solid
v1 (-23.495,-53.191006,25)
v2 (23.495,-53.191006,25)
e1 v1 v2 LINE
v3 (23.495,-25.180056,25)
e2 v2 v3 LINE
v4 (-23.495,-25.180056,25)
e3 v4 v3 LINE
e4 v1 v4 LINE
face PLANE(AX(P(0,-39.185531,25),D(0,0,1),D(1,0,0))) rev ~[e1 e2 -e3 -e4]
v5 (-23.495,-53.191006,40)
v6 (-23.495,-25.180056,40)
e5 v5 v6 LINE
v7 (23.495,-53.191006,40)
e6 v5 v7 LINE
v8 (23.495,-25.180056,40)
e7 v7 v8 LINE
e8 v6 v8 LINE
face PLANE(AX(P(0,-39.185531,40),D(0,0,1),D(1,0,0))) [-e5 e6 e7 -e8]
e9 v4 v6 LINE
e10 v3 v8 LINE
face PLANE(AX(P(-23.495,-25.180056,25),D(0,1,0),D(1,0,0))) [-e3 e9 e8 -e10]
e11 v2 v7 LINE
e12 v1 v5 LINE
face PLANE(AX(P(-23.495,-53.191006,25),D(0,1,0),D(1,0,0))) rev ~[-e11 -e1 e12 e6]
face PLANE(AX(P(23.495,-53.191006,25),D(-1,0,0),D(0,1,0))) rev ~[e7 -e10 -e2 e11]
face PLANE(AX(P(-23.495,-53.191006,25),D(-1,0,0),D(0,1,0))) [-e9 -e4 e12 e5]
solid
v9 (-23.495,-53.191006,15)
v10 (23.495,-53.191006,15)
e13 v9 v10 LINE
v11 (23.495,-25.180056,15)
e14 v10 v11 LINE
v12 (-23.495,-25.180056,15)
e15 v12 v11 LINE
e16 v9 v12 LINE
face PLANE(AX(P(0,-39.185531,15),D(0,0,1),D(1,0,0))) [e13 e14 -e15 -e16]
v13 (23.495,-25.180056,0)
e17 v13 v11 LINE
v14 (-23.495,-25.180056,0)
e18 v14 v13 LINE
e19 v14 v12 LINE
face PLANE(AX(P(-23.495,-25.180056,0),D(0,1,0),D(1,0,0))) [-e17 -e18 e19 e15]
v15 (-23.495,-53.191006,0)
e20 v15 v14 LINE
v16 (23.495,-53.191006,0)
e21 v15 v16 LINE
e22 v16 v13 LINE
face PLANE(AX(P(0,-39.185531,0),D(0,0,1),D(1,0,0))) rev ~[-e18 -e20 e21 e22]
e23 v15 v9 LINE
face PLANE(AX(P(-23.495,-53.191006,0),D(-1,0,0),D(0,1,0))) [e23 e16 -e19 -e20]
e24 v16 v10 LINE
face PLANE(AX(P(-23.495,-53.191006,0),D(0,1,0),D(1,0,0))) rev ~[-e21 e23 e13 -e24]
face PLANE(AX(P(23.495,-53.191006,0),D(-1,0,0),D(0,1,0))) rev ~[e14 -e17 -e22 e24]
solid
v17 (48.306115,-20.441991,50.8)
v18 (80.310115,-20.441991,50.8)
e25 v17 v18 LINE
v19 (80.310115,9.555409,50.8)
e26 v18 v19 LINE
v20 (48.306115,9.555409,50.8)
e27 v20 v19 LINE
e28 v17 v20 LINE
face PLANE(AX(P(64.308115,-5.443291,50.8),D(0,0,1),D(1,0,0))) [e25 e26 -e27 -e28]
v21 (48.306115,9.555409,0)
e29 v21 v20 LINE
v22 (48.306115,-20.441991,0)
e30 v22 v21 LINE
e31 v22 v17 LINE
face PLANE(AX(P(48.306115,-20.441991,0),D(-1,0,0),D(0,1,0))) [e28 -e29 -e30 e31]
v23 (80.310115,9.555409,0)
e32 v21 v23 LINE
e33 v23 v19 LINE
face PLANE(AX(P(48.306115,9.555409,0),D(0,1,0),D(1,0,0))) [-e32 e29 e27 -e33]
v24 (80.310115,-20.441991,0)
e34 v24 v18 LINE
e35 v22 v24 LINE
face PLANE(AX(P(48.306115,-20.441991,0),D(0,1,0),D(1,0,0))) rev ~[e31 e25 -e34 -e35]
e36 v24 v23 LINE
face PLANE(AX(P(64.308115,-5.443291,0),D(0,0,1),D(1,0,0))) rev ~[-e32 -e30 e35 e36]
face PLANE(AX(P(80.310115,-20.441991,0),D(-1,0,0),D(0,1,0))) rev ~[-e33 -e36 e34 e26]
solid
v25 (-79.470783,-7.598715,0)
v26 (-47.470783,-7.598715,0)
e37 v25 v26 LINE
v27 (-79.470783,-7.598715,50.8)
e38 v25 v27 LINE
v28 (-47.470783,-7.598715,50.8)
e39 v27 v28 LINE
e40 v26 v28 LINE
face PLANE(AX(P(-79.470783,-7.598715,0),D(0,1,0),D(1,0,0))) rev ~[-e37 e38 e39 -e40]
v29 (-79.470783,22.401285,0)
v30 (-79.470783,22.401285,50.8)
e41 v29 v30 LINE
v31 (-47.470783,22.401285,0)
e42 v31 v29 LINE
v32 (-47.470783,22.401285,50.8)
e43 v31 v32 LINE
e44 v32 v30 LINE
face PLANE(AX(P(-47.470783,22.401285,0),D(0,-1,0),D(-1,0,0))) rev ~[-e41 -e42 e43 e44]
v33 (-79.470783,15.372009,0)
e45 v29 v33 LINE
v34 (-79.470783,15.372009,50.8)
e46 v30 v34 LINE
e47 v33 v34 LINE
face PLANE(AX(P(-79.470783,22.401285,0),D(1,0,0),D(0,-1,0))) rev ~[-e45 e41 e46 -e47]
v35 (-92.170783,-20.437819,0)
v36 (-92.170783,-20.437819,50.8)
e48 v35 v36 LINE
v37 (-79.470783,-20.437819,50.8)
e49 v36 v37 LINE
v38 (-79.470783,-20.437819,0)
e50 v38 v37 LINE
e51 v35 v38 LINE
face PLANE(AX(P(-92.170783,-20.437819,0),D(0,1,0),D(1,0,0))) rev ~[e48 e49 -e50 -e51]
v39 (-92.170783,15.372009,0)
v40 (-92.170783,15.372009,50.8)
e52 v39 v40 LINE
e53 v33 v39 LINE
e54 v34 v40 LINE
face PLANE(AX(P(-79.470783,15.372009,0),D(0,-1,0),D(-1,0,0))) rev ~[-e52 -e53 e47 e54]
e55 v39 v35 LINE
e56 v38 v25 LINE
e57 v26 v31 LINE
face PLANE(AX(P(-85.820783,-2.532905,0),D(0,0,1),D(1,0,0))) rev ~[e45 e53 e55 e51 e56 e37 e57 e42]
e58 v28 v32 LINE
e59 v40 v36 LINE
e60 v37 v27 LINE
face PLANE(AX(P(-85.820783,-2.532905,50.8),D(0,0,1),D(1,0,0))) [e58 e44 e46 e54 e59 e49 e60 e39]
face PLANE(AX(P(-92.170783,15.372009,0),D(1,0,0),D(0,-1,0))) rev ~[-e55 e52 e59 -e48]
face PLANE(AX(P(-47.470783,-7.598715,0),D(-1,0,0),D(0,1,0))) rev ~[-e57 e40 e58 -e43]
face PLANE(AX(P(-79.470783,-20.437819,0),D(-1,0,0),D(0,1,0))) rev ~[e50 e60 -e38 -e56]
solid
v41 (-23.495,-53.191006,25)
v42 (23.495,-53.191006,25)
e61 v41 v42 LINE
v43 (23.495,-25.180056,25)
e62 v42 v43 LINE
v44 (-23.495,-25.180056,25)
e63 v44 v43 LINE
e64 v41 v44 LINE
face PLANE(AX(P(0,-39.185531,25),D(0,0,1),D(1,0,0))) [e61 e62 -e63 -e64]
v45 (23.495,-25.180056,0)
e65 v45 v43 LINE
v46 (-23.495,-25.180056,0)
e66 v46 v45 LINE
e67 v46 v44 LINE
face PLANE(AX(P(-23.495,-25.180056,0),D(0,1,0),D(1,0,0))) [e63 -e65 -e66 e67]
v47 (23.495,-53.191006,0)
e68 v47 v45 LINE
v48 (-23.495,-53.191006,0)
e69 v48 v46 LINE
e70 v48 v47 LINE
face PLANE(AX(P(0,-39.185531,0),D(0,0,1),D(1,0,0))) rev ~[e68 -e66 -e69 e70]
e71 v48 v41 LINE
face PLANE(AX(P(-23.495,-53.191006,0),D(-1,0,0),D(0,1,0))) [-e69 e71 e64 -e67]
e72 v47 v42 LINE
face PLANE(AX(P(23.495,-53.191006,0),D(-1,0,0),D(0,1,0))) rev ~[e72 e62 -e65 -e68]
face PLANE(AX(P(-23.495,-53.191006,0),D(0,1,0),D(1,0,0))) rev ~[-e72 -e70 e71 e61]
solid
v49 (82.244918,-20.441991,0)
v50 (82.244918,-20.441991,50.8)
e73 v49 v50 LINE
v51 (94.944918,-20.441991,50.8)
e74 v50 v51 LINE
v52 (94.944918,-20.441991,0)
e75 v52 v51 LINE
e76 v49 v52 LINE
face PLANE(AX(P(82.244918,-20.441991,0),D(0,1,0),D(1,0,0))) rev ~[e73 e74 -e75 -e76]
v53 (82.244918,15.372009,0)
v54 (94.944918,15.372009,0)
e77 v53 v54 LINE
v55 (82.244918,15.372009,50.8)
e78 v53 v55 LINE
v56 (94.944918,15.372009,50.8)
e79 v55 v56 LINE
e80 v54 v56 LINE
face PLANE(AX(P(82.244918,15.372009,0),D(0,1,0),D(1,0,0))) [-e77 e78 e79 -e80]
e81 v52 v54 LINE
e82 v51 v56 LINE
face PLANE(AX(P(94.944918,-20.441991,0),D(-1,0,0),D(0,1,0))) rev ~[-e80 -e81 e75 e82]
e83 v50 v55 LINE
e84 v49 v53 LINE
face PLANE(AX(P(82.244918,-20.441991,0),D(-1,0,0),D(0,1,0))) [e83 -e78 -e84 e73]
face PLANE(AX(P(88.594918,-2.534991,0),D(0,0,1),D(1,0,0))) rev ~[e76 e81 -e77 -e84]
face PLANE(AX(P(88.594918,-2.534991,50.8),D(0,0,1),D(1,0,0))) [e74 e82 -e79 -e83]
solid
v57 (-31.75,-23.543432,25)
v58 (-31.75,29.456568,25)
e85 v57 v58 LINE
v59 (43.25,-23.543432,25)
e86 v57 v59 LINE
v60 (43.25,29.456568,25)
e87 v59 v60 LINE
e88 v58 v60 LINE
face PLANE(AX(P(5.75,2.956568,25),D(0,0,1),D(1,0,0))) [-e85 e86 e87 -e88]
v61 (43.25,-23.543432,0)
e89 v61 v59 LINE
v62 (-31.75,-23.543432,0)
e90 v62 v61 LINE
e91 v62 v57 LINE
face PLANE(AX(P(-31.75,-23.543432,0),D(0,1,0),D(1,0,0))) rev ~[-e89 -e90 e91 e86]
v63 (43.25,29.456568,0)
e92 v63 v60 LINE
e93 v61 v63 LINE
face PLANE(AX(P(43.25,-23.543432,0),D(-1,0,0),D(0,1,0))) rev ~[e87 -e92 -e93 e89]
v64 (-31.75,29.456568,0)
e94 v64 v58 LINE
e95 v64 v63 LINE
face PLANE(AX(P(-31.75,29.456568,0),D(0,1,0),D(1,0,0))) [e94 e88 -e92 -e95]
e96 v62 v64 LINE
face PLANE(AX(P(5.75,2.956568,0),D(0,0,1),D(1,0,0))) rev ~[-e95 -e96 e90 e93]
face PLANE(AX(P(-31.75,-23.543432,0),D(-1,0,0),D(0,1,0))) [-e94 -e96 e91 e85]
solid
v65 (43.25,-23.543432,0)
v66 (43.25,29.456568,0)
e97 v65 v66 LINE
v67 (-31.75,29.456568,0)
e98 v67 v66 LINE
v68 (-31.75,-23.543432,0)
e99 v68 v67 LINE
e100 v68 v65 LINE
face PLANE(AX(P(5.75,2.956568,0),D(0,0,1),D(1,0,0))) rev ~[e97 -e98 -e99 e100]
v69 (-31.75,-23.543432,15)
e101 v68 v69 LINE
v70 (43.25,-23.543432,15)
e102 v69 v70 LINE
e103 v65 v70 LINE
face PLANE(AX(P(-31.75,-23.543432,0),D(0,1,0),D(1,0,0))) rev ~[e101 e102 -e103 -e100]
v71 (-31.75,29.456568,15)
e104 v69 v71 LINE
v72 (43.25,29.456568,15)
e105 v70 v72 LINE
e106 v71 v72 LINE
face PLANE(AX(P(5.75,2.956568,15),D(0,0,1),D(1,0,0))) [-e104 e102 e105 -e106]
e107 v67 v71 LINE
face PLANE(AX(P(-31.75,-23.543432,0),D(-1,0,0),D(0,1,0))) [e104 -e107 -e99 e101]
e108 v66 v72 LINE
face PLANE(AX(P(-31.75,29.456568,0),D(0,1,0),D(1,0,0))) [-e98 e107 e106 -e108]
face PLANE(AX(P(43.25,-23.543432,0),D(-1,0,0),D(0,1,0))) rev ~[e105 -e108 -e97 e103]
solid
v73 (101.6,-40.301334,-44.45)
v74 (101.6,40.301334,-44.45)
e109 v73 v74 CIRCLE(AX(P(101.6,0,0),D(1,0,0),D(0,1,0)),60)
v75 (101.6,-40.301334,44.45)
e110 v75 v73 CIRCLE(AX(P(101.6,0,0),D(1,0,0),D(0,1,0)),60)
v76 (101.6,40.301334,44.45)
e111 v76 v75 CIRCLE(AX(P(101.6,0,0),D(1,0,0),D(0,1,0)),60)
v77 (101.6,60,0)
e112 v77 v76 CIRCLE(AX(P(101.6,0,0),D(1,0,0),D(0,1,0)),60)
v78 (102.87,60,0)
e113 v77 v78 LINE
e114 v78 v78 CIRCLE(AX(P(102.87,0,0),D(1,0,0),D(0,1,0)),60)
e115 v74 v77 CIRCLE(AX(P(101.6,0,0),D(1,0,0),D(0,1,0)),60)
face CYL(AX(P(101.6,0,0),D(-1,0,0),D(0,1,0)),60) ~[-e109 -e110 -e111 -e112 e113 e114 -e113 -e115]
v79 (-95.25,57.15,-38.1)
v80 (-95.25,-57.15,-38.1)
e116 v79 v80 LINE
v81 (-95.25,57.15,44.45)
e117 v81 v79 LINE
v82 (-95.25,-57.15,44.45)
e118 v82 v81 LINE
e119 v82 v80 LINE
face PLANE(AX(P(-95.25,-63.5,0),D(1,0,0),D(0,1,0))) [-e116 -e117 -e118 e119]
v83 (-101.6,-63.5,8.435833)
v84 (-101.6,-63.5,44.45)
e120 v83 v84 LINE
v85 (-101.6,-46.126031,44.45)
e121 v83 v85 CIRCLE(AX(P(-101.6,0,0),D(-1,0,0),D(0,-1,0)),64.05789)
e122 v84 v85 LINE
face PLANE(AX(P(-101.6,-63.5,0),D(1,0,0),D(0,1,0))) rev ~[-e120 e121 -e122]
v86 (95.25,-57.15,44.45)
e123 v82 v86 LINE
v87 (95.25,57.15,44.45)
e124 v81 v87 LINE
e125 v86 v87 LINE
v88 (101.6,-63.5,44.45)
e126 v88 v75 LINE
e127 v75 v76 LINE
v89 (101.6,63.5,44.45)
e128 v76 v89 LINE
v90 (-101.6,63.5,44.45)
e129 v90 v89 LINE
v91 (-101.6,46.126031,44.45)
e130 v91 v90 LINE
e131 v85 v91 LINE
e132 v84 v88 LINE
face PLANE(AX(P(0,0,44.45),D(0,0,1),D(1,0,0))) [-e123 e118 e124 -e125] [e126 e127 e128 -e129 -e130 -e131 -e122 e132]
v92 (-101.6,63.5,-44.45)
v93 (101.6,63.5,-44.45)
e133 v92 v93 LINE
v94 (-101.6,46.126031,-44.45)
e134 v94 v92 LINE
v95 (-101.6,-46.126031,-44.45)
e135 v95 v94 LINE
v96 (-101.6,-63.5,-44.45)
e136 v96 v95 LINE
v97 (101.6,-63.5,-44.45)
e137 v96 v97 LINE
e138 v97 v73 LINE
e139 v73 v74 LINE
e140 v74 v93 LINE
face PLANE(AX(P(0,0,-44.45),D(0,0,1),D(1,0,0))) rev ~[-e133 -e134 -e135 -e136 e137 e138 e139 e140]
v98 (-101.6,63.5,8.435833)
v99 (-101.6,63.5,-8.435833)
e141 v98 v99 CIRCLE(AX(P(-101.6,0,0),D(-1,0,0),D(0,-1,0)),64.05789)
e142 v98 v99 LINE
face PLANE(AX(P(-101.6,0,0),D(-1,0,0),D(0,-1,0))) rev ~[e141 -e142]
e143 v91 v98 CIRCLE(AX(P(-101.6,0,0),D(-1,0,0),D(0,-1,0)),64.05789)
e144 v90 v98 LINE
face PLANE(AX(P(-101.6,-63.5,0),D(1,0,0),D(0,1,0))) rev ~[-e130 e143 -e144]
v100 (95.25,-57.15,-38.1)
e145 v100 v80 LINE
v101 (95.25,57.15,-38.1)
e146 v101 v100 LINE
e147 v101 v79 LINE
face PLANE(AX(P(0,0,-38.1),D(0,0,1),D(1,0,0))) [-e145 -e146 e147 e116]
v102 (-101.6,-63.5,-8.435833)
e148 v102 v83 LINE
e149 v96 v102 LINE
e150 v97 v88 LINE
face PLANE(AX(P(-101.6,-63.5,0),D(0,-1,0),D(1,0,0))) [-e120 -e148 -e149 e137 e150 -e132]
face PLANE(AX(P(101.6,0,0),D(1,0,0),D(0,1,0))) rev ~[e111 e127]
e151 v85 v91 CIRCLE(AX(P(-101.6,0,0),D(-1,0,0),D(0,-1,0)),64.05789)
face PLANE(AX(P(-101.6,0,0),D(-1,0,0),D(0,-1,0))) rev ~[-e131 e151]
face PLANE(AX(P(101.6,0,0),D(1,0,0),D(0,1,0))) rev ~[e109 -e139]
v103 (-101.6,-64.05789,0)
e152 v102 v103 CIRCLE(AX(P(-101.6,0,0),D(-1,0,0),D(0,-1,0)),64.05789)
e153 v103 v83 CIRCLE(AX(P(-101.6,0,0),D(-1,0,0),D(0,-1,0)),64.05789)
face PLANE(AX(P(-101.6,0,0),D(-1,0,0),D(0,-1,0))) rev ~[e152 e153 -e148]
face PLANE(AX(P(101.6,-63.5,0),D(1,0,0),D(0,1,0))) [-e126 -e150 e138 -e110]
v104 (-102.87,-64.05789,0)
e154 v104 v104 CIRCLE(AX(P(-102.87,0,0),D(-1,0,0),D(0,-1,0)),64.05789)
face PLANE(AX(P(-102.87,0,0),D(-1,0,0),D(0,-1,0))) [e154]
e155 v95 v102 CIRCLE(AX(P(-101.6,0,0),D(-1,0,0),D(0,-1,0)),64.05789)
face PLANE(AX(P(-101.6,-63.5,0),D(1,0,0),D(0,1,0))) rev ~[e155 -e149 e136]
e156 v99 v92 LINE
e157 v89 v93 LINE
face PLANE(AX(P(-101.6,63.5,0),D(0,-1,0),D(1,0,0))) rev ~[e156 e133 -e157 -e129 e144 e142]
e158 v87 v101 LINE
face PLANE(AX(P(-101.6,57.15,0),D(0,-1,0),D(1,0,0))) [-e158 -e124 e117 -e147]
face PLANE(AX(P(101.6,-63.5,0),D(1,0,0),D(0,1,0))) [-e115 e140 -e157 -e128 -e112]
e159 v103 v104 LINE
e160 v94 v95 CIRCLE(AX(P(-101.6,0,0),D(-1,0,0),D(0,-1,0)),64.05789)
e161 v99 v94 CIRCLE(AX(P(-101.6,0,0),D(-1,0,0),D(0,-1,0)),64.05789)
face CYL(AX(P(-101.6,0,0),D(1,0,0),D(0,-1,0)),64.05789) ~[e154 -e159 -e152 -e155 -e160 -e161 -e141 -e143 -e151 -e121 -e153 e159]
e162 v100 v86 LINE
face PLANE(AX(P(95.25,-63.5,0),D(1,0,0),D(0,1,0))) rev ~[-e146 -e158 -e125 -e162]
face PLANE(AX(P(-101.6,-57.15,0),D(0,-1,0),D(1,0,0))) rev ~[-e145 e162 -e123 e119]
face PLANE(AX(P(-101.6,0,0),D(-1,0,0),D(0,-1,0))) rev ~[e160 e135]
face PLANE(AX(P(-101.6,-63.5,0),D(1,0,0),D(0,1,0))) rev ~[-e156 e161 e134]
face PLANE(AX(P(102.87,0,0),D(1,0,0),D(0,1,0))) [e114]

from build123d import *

# Parameters (mm, degrees)
F0_W      = 203.2
F0_H      = 127
F1_DEPTH  = 44.45
F2_T      = -6.35
F3_W      = 75
F3_H      = 53
F3_W_2    = 46.99
F3_H_2    = 28.010949
F4_DEPTH  = 25
F6_R      = 60
F7_DEPTH  = 1.27
F9_R      = 64.05789
F10_DEPTH = 1.27
F4_FACE_W = 46.99
F4_FACE_H = 28.01095
F11_DEPTH = 15
F12_W     = 12.7
F12_H     = 35.814
F12_W_2   = 32.004
F12_H_2   = 29.9974
F13_DEPTH = 50.8


with BuildPart() as f1:
    # F0 (on Top) → F1 (new body, symmetric)
    with BuildSketch(Plane.XY):
        Rectangle(F0_W, F0_H)
    extrude(amount=F1_DEPTH, both=True)

    # F2
    f2_openings = [f1.faces().sort_by_distance(p)[0] for p in [
        (0, 0, 44.45),
    ]]
    offset(amount=F2_T, openings=f2_openings)

    # F6 (on offset) → F7 (join)
    with BuildSketch(Plane.YZ.offset(101.6)):
        Circle(F6_R)
    extrude(amount=F7_DEPTH)

    # F9 (on offset) → F10 (join)
    with BuildSketch(Plane(origin=(-101.6, 0, 0), x_dir=(0, -1, 0), z_dir=(-1, 0, 0))):
        Circle(F9_R)
    extrude(amount=F10_DEPTH)


with BuildPart() as f4:
    # F3 (on Top) → F4 (new body)
    with BuildSketch(Plane.XY):
        with Locations((5.75, 2.956568)):
            Rectangle(F3_W, F3_H)
        with Locations((0, -39.185531)):
            Rectangle(F3_W_2, F3_H_2)
    extrude(amount=F4_DEPTH)


with BuildPart() as f11:
    # F3 (on Top) + F4_face (on face) → F11 (new body)
    with BuildSketch(Plane.XY):
        with Locations((5.75, 2.956568)):
            Rectangle(F3_W, F3_H)
        with Locations((0, -39.185531)):
            Rectangle(F3_W_2, F3_H_2)
    with BuildSketch(Plane(origin=(0, -39.185531, 25), x_dir=(1, 0, 0), z_dir=(0, 0, 1))):
        Rectangle(F4_FACE_W, F4_FACE_H)
    extrude(amount=F11_DEPTH)


with BuildPart() as f13:
    # F12 (on Top) → F13 (new body)
    with BuildSketch(Plane.XY):
        Polygon((-79.470783, 15.372009), (-92.170783, 15.372009), (-92.170783, -20.437819), (-79.470783, -20.437819), (-79.470783, -7.598715), align=None)
        Polygon((-79.470783, 22.401285), (-79.470783, 15.372009), (-79.470783, -7.598715), (-47.470783, -7.598715), (-47.470783, 22.401285), align=None)
        with Locations((88.594918, -2.534991)):
            Rectangle(F12_W, F12_H)
        with Locations((64.308115, -5.443291)):
            Rectangle(F12_W_2, F12_H_2)
    extrude(amount=F13_DEPTH)


solid = Compound([f1.part, f4.part, f11.part, f13.part])
